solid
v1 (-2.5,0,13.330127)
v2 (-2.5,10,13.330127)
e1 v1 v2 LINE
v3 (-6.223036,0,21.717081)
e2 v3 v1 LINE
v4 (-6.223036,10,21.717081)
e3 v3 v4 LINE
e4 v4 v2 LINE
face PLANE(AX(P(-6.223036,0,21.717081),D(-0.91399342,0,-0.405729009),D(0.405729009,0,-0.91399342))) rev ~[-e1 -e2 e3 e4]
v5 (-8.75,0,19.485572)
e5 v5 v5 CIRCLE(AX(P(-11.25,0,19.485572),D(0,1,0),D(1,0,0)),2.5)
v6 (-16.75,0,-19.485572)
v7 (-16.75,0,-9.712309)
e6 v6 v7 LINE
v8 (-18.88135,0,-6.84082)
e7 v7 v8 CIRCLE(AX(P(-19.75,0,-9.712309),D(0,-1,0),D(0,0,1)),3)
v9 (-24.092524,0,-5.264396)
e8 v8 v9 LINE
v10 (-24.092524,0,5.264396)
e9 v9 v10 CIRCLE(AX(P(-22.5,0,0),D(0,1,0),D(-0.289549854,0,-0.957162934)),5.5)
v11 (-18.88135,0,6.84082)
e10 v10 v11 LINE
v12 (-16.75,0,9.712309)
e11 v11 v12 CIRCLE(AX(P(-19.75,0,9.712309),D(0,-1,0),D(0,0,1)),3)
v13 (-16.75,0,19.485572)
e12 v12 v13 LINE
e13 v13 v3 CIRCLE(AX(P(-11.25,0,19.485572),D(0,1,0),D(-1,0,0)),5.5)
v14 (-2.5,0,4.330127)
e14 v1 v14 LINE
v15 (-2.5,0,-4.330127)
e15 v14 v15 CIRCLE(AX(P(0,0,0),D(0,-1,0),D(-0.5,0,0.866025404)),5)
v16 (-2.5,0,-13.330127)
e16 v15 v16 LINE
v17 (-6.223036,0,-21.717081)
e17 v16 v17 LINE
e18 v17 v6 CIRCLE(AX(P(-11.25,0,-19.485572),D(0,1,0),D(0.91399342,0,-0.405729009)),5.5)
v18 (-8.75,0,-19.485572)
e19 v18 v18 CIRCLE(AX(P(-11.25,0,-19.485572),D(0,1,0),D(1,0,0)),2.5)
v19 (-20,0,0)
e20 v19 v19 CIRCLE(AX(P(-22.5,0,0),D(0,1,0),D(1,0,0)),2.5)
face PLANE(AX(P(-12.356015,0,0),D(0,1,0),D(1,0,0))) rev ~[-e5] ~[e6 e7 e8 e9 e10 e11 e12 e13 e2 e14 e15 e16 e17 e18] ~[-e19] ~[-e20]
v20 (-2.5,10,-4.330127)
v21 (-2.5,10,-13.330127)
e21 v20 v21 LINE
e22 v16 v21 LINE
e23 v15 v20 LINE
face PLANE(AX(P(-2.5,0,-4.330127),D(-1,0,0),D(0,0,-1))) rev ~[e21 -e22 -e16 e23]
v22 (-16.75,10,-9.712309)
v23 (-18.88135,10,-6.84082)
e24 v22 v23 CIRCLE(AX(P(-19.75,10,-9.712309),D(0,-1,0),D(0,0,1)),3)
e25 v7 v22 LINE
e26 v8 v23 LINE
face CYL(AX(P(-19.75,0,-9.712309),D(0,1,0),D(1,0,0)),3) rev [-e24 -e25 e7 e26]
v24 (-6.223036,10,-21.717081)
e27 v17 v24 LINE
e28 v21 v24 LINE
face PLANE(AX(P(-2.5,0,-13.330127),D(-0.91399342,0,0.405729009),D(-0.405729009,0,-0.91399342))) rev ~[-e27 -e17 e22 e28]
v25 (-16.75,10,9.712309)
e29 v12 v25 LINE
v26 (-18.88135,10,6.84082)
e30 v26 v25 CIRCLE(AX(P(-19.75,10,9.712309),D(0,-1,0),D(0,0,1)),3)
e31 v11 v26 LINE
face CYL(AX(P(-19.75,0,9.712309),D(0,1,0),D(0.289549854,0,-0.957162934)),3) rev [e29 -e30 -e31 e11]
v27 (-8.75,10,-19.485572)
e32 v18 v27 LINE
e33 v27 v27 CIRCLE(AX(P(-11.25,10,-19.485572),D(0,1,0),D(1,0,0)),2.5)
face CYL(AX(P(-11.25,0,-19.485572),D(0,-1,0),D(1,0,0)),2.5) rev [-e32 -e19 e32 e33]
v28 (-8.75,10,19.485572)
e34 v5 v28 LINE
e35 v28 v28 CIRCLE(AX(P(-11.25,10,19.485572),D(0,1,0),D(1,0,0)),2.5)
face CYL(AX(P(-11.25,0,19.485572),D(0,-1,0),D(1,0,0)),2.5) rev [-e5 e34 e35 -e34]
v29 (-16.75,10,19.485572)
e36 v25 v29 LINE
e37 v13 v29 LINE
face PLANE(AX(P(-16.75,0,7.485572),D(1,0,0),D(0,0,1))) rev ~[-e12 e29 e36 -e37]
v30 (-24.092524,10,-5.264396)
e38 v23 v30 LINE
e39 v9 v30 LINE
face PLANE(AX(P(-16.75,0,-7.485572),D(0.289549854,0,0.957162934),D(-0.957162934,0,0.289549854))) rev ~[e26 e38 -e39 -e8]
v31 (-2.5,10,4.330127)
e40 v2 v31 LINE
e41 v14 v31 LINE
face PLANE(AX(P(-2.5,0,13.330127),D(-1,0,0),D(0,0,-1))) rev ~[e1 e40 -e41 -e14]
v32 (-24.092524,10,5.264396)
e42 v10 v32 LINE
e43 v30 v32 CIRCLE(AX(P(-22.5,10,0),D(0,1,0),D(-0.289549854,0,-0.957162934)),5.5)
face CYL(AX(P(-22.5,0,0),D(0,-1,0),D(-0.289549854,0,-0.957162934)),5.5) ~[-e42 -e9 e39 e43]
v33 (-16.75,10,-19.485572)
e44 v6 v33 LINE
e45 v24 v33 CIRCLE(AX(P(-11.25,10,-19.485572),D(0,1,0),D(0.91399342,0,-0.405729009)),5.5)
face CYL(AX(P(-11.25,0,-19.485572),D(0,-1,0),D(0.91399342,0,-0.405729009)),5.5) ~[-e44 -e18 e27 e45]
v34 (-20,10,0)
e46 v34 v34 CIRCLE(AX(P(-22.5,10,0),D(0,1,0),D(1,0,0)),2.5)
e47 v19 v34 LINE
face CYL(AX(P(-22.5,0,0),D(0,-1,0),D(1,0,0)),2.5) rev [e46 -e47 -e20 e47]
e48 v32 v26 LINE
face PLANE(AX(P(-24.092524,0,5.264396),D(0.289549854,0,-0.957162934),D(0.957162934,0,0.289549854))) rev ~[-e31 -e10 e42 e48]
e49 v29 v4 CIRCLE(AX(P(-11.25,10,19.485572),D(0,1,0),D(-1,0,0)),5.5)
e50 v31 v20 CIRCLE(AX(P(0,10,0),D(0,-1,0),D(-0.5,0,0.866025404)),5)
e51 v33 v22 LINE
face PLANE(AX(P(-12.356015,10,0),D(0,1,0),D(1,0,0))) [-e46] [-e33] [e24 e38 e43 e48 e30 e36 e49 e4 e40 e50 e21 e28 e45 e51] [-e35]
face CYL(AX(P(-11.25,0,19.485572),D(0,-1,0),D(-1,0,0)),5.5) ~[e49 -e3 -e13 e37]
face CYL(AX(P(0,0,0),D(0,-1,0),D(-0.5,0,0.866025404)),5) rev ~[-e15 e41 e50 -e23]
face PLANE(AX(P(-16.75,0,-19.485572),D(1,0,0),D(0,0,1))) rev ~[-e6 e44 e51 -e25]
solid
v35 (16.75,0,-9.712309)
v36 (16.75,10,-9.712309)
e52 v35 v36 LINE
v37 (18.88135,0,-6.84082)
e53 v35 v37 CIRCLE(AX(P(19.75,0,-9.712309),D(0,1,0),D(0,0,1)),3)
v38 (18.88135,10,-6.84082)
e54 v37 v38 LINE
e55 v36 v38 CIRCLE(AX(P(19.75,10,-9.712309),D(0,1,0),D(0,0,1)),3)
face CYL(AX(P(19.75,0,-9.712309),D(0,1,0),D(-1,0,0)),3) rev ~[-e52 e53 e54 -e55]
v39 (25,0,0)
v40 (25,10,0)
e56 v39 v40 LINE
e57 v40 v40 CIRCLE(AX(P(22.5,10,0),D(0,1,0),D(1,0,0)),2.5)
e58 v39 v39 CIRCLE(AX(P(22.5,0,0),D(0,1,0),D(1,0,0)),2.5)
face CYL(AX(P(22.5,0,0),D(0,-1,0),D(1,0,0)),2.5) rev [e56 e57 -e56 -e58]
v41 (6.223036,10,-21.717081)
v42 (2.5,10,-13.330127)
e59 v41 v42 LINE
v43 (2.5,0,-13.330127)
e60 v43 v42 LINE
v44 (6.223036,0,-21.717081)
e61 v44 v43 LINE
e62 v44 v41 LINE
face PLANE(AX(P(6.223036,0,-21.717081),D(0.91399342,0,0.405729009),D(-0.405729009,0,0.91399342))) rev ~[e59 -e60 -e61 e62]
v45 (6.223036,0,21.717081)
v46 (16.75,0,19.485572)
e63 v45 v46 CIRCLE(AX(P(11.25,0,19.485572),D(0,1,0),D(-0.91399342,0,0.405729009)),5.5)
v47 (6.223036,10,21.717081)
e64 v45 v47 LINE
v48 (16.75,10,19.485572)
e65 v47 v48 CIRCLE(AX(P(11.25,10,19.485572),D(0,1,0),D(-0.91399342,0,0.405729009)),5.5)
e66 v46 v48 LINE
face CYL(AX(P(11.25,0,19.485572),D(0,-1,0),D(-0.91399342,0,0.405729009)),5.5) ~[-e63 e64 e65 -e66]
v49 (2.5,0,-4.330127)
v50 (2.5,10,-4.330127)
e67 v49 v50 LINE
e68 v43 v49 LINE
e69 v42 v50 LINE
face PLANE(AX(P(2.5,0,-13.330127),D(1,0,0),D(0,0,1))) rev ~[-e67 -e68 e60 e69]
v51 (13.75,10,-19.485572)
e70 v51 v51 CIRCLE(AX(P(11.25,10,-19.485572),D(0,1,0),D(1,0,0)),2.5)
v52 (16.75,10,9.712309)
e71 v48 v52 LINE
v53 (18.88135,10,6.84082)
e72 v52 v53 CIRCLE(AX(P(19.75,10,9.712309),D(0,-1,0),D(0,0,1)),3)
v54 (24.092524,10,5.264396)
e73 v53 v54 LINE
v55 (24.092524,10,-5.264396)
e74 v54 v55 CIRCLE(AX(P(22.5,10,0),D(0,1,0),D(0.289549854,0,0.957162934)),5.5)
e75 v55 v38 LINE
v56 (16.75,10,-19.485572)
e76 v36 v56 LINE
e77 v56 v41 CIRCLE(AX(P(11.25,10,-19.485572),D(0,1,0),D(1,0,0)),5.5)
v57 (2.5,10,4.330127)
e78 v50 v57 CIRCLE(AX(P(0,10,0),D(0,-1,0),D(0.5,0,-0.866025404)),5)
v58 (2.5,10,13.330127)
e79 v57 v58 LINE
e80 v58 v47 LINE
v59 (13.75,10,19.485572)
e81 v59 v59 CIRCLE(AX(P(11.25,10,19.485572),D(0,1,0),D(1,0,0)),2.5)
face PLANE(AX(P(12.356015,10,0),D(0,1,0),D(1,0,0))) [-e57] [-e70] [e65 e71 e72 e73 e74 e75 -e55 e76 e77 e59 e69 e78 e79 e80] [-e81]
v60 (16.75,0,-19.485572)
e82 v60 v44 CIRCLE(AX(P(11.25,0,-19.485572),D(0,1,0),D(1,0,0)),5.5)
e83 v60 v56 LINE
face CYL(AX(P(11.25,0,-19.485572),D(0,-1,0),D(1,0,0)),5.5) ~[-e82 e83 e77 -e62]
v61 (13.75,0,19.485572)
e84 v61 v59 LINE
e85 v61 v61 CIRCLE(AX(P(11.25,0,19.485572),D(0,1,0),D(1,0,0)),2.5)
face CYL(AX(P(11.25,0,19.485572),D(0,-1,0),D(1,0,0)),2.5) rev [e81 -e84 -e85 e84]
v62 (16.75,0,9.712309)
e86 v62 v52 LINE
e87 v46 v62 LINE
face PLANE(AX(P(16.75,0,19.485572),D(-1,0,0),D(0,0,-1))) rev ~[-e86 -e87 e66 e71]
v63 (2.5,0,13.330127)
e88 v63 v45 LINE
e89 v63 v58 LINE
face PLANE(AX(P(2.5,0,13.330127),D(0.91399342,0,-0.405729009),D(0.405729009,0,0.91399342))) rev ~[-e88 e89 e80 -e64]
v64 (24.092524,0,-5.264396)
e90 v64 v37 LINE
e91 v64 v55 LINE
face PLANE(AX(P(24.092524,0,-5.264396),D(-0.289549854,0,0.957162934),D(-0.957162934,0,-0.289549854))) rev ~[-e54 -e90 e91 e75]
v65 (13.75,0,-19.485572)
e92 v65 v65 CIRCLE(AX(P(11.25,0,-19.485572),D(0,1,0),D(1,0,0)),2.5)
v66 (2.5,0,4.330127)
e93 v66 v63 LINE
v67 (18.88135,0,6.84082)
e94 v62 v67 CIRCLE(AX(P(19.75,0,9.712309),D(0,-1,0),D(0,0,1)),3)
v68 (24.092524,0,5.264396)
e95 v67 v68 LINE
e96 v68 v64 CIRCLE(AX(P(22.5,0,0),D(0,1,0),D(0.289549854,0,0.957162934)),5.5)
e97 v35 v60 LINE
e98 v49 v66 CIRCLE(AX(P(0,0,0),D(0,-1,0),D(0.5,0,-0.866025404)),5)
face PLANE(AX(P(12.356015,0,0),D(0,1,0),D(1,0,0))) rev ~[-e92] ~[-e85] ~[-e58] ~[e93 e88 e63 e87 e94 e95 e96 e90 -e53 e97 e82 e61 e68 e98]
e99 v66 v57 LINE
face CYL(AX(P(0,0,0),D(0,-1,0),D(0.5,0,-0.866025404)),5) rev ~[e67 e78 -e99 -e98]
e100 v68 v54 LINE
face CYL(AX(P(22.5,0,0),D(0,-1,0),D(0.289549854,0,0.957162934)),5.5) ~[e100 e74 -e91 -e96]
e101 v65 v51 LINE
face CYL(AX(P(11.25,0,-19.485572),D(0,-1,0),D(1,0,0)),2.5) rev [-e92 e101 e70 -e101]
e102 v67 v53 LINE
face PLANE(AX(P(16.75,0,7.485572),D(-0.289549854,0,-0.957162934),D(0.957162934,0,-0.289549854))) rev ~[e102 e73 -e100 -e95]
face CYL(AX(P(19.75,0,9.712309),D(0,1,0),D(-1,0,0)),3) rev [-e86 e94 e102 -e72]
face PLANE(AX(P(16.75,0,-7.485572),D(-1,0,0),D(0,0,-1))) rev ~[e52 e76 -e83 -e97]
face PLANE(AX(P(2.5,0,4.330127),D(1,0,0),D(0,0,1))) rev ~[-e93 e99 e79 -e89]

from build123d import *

# Parameters (mm, degrees)
SKETCH1_R             = 2.5
BOSS_EXTRUDE1_DEPTH   = 10
BOSS_EXTRUDE1_2_DEPTH = 10
FILLET1_R             = 3
FILLET2_R             = 3


with BuildPart() as part:
    # Sketch1 → Boss-Extrude1 (new body)
    with BuildSketch(Plane(origin=(0, 0, 0), x_dir=(1, 0, 0), z_dir=(0, 1, 0))):
        with BuildLine():
            Line((-2.5, 13.330127019), (-6.223036191, 21.717081134))
            ThreePointArc((-6.223036191, 21.717081134), (-12.390547906, 24.866013061), (-16.75, 19.485571585))
            Line((-16.75, 19.485571585), (-16.75, 7.485571585))
            Line((-16.75, 7.485571585), (-24.092524197, 5.264396137))
            ThreePointArc((-24.092524197, 5.264396137), (-28, 0), (-24.092524197, -5.264396137))
            Line((-24.092524197, -5.264396137), (-16.75, -7.485571585))
            Line((-16.75, -7.485571585), (-16.75, -19.485571585))
            ThreePointArc((-16.75, -19.485571585), (-12.390547906, -24.866013061), (-6.223036191, -21.717081134))
            Line((-6.223036191, -21.717081134), (-2.5, -13.330127019))
            Line((-2.5, -13.330127019), (-2.5, -4.330127019))
            ThreePointArc((-2.5, -4.330127019), (-5, 0), (-2.5, 4.330127019))
            Line((-2.5, 4.330127019), (-2.5, 13.330127019))
        make_face()
        with Locations((-11.25, 19.485571585)):
            Circle(SKETCH1_R, mode=Mode.SUBTRACT)
        with Locations((-11.25, -19.485571585)):
            Circle(SKETCH1_R, mode=Mode.SUBTRACT)
        with Locations((-22.5, 0)):
            Circle(SKETCH1_R, mode=Mode.SUBTRACT)
    extrude(amount=BOSS_EXTRUDE1_DEPTH)

    # Fillet1
    fillet1_edges = [part.edges().sort_by_distance(p)[0] for p in [
        (-16.75, 5, 7.485571585),
        (-16.75, 5, -7.485571585),
    ]]
    fillet(fillet1_edges, radius=FILLET1_R)


with BuildPart() as body_2:
    # Sketch1 → Boss-Extrude1 2 (new body)
    with BuildSketch(Plane(origin=(0, 0, 0), x_dir=(1, 0, 0), z_dir=(0, 1, 0))):
        with BuildLine():
            Line((2.5, 13.330127019), (2.5, 4.330127019))
            ThreePointArc((2.5, 4.330127019), (5, 0), (2.5, -4.330127019))
            Line((2.5, -4.330127019), (2.5, -13.330127019))
            Line((2.5, -13.330127019), (6.223036191, -21.717081134))
            ThreePointArc((6.223036191, -21.717081134), (12.390547906, -24.866013061), (16.75, -19.485571585))
            Line((16.75, -19.485571585), (16.75, -7.485571585))
            Line((16.75, -7.485571585), (24.092524197, -5.264396137))
            ThreePointArc((24.092524197, -5.264396137), (28, 0), (24.092524197, 5.264396137))
            Line((24.092524197, 5.264396137), (16.75, 7.485571585))
            Line((16.75, 7.485571585), (16.75, 19.485571585))
            ThreePointArc((16.75, 19.485571585), (12.390547906, 24.866013061), (6.223036191, 21.717081134))
            Line((6.223036191, 21.717081134), (2.5, 13.330127019))
        make_face()
        with Locations((11.25, 19.485571585)):
            Circle(SKETCH1_R, mode=Mode.SUBTRACT)
        with Locations((11.25, -19.485571585)):
            Circle(SKETCH1_R, mode=Mode.SUBTRACT)
        with Locations((22.5, 0)):
            Circle(SKETCH1_R, mode=Mode.SUBTRACT)
    extrude(amount=BOSS_EXTRUDE1_2_DEPTH)

    # Fillet2
    fillet2_edges = [body_2.edges().sort_by_distance(p)[0] for p in [
        (16.75, 5, 7.485571585),
        (16.75, 5, -7.485571585),
    ]]
    fillet(fillet2_edges, radius=FILLET2_R)


solid = Compound([part.part, body_2.part])
